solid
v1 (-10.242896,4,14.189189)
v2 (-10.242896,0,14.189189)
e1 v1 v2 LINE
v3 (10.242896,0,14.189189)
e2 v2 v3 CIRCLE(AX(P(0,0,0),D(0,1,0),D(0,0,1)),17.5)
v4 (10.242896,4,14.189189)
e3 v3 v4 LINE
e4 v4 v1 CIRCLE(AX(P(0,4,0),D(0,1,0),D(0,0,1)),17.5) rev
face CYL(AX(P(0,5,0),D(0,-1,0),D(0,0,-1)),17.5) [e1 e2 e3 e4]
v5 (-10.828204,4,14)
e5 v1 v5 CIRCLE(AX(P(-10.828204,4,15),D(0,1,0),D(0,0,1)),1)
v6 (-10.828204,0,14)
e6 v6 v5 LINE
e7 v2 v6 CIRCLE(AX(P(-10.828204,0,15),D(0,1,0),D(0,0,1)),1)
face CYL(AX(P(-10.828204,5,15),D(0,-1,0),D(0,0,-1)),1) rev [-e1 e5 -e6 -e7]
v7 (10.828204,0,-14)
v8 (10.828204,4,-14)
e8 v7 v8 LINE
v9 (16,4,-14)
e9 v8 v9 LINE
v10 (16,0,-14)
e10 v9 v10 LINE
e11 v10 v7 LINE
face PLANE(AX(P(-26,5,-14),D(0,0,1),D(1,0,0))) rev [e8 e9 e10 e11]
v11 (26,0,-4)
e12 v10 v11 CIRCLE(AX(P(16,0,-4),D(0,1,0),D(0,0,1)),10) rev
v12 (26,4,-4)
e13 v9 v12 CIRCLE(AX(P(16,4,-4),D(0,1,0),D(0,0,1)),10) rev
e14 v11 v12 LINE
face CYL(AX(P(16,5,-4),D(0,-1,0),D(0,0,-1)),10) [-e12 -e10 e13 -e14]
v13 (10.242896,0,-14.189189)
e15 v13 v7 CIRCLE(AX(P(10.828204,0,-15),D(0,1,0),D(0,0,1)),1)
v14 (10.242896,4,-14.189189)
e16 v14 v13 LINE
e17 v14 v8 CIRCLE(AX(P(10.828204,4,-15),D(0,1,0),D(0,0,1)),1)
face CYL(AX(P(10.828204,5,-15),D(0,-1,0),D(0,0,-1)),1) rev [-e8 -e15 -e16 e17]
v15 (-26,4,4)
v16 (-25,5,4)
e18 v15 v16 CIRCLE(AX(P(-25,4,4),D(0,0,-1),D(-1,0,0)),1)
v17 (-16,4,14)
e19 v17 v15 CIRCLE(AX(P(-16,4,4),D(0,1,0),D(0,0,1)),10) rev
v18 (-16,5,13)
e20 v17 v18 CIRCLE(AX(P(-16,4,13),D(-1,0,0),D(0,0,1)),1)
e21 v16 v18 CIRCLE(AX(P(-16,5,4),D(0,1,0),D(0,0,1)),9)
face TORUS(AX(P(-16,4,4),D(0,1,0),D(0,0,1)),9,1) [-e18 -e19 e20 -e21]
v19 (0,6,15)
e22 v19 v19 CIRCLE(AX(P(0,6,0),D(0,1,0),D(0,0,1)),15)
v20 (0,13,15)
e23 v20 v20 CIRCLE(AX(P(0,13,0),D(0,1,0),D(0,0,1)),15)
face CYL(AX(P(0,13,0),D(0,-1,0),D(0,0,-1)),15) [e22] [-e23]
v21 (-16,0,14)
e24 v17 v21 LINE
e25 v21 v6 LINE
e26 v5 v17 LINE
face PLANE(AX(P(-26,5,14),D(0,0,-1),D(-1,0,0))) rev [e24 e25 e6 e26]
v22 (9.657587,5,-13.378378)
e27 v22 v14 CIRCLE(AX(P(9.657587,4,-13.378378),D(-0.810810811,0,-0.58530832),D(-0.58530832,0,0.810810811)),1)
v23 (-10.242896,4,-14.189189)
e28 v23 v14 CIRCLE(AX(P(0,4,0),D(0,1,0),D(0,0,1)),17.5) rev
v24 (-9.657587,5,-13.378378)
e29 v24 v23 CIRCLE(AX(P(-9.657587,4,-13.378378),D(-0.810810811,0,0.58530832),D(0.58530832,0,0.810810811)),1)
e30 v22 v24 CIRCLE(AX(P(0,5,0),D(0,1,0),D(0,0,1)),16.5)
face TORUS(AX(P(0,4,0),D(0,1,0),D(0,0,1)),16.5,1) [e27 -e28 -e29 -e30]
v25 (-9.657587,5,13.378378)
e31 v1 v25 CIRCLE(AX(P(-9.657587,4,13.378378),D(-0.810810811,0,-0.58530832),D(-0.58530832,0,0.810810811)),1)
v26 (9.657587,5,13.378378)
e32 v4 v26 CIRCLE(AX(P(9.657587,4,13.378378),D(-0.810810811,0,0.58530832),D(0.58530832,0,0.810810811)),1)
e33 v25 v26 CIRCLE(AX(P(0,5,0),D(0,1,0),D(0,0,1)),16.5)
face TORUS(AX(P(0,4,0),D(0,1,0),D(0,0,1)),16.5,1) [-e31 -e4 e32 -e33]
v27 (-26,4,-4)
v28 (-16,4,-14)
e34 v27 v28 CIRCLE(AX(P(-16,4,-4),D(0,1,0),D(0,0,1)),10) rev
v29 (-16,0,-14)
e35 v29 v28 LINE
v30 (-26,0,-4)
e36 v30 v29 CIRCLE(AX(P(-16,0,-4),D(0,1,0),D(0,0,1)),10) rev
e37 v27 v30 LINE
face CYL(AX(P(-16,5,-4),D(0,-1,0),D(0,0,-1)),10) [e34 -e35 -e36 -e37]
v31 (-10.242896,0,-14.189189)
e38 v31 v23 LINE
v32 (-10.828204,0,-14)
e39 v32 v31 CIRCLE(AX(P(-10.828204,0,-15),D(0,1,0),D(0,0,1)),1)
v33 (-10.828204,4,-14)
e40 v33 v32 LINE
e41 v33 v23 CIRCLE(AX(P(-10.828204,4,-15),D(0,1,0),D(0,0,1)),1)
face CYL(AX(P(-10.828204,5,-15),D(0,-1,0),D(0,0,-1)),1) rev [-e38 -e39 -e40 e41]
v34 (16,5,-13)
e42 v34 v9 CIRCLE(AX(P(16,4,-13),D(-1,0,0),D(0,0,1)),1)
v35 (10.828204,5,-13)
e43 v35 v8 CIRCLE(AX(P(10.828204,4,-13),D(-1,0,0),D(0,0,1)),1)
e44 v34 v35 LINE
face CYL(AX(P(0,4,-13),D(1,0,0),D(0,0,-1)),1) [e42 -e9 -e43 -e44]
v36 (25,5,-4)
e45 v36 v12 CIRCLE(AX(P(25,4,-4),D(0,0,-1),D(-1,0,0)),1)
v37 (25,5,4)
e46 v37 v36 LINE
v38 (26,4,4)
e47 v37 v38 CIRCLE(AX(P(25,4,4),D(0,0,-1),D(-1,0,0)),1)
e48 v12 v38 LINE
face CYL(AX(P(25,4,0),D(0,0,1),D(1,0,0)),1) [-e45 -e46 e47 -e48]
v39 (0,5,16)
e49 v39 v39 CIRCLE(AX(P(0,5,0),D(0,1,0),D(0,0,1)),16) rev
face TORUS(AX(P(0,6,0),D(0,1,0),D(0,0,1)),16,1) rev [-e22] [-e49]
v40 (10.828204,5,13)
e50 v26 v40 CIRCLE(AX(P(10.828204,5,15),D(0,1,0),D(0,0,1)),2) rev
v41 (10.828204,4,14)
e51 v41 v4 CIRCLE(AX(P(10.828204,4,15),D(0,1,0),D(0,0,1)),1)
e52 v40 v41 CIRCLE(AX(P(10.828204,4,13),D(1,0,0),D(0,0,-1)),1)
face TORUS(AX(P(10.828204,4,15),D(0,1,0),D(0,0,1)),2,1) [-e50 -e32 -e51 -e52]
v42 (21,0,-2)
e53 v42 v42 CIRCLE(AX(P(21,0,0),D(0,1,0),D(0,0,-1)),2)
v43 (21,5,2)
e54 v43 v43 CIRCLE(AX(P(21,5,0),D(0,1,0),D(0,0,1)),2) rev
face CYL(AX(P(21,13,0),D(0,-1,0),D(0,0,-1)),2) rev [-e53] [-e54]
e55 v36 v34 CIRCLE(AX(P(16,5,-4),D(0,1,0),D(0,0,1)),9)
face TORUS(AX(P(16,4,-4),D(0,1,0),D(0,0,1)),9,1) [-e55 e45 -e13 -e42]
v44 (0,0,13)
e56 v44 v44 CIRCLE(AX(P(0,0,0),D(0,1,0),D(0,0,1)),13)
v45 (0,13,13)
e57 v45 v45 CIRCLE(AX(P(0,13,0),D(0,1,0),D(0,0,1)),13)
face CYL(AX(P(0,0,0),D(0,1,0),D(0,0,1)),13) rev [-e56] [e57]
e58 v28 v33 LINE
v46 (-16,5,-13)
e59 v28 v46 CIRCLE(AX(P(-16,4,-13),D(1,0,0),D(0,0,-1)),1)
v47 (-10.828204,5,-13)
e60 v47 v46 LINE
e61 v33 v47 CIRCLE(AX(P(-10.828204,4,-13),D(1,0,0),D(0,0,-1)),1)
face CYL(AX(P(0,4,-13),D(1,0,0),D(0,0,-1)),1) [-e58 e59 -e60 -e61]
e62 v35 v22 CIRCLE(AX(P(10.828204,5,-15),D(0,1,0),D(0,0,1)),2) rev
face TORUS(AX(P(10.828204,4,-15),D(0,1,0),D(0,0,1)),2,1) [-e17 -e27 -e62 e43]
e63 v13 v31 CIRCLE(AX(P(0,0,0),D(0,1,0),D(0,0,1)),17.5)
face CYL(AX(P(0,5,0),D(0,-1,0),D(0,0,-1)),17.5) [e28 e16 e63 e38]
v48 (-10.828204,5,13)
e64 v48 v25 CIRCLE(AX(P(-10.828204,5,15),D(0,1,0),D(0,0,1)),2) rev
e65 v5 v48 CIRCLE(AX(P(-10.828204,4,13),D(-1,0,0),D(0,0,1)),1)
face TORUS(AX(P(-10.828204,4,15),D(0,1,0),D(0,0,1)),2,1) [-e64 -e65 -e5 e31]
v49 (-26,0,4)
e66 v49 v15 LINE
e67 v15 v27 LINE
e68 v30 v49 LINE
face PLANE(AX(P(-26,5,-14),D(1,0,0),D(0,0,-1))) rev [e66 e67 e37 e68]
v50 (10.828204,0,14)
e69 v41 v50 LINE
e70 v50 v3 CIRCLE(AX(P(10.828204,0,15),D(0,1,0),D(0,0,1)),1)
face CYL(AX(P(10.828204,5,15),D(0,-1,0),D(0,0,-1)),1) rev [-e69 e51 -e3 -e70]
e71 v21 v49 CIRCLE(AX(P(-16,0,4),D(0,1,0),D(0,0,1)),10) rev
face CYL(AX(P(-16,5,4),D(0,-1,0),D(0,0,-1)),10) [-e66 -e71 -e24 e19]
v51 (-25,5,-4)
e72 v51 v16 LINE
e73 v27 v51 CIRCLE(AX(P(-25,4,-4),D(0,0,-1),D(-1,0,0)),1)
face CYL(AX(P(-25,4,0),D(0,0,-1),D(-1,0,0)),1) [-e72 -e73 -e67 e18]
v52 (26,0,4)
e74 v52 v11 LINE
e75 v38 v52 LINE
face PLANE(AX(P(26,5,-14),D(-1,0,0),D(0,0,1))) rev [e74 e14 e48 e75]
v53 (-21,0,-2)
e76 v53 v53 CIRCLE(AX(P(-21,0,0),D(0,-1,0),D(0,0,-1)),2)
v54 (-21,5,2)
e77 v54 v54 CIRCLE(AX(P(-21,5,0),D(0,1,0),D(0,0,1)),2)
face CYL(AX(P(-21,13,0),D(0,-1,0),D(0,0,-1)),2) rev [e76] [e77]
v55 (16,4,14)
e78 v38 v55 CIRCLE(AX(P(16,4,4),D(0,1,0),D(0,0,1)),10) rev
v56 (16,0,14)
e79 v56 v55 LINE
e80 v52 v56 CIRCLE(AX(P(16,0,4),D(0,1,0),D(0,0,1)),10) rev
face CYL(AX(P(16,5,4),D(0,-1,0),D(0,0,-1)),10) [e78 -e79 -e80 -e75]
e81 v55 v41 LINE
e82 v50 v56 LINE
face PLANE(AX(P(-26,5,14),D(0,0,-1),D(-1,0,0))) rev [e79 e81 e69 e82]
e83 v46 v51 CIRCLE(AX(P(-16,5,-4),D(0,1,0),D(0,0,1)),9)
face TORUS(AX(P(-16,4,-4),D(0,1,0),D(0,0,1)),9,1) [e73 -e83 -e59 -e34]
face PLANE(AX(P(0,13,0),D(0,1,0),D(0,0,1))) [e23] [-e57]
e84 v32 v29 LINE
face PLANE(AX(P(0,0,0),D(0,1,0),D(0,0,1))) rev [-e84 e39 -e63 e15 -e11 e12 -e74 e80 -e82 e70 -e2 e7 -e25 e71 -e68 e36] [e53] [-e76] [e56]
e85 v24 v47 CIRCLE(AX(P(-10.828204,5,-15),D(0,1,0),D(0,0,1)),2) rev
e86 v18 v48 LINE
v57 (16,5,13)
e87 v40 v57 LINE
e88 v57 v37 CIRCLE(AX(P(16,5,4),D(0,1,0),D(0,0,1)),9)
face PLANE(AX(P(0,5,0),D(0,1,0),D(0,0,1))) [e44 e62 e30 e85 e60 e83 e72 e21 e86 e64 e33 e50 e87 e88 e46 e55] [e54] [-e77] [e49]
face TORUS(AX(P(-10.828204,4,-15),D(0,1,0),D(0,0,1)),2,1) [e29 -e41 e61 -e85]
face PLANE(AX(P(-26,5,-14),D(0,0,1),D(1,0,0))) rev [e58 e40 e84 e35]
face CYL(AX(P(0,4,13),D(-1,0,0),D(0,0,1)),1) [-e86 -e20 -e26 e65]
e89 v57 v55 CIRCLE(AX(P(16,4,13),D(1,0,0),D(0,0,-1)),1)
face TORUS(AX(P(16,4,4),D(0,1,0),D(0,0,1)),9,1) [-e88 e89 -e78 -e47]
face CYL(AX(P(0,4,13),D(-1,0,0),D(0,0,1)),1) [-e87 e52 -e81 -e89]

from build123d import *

# Parameters (mm, degrees)
SKETCH_1_W          = 52
SKETCH_1_H          = 28
EXTRUDE_1_DEPTH     = 5
SKETCH_2_R          = 17.5
EXTRUDE_2_DEPTH     = 5
SKETCH_3_R          = 15
EXTRUDE_3_DEPTH     = 8
SKETCH_4_R          = 13
CUT_EXTRUDE_1_DEPTH = 34.930075155
FILLET_1_R          = 10
SKETCH_5_R          = 2
CUT_EXTRUDE_2_DEPTH = 34.930075155
FILLET_2_R          = 1
FILLET_3_R          = 1
FILLET_4_R          = 1


with BuildPart() as part:
    # 草圖1 → 填料-伸長1 (new body)
    with BuildSketch(Plane(origin=(0, 0, 0), x_dir=(1, 0, 0), z_dir=(0, 1, 0))):
        Rectangle(SKETCH_1_W, SKETCH_1_H)
    extrude(amount=EXTRUDE_1_DEPTH)

    # 草圖2 → 填料-伸長2 (add)
    with BuildSketch(Plane(origin=(0, 0, 0), x_dir=(1, 0, 0), z_dir=(0, 1, 0))):
        Circle(SKETCH_2_R)
    extrude(amount=EXTRUDE_2_DEPTH)

    # 草圖3 → 填料-伸長3 (add)
    with BuildSketch(Plane(origin=(0, 5, 0), x_dir=(1, 0, 0), z_dir=(0, 1, 0))):
        with Locations(Location((0, 0, 0), (0, 0, 270))):
            Circle(SKETCH_3_R)
    extrude(amount=EXTRUDE_3_DEPTH)

    # 草圖4 → 除料-伸長1 (cut, through all)
    with BuildSketch(Plane(origin=(0, 13, 0), x_dir=(1, 0, 0), z_dir=(0, 1, 0))):
        with Locations(Location((0, 0, 0), (0, 0, 270))):
            Circle(SKETCH_4_R)
    extrude(amount=-CUT_EXTRUDE_1_DEPTH, mode=Mode.SUBTRACT)

    # 圓角1
    fillet_1_edges = [part.edges().sort_by_distance(p)[0] for p in [
        (-26, 2.5, -14),
        (26, 2.5, -14),
        (26, 2.5, 14),
        (-26, 2.5, 14),
    ]]
    fillet(fillet_1_edges, radius=FILLET_1_R)

    # 草圖5 → 除料-伸長2 (cut, through all)
    with BuildSketch(Plane.XZ):
        with Locations(Location((-21, 0, 0), (0, 0, 270))):
            Circle(SKETCH_5_R)
    cut_extrude_2 = extrude(amount=-CUT_EXTRUDE_2_DEPTH, mode=Mode.SUBTRACT)

    # 鏡射1: 除料-伸長2 across plane
    add(cut_extrude_2.mirror(Plane(origin=(0, 0, 0), x_dir=(0, 0, 1), z_dir=(1, 0, 0))), mode=Mode.SUBTRACT)

    # 圓角2
    fillet_2_edges = [part.edges().sort_by_distance(p)[0] for p in [
        (0, 5, -15),
    ]]
    fillet(fillet_2_edges, radius=FILLET_2_R)

    # 圓角3
    fillet_3_edges = [part.edges().sort_by_distance(p)[0] for p in [
        (10.5, 2.5, 14),
        (-10.5, 2.5, 14),
        (-10.5, 2.5, -14),
        (10.5, 2.5, -14),
    ]]
    fillet(fillet_3_edges, radius=FILLET_3_R)

    # 圓角4
    fillet_4_edges = [part.edges().sort_by_distance(p)[0] for p in [
        (13.414101957, 5, -14),
        (26, 5, 0),
        (-26, 5, 0),
        (-13.414101957, 5, 14),
        (-23.071067812, 5, -11.071067812),
        (-23.071067812, 5, 11.071067812),
        (23.071067812, 5, 11.071067812),
        (23.071067812, 5, -11.071067812),
        (0, 5, -17.5),
        (-13.414101957, 5, -14),
        (0, 5, 17.5),
        (13.414101957, 5, 14),
        (10.520641571, 5, -14.048472068),
        (-10.520641571, 5, -14.048472068),
        (-10.520641571, 5, 14.048472068),
        (10.520641571, 5, 14.048472068),
    ]]
    fillet(fillet_4_edges, radius=FILLET_4_R)


solid = part.part
